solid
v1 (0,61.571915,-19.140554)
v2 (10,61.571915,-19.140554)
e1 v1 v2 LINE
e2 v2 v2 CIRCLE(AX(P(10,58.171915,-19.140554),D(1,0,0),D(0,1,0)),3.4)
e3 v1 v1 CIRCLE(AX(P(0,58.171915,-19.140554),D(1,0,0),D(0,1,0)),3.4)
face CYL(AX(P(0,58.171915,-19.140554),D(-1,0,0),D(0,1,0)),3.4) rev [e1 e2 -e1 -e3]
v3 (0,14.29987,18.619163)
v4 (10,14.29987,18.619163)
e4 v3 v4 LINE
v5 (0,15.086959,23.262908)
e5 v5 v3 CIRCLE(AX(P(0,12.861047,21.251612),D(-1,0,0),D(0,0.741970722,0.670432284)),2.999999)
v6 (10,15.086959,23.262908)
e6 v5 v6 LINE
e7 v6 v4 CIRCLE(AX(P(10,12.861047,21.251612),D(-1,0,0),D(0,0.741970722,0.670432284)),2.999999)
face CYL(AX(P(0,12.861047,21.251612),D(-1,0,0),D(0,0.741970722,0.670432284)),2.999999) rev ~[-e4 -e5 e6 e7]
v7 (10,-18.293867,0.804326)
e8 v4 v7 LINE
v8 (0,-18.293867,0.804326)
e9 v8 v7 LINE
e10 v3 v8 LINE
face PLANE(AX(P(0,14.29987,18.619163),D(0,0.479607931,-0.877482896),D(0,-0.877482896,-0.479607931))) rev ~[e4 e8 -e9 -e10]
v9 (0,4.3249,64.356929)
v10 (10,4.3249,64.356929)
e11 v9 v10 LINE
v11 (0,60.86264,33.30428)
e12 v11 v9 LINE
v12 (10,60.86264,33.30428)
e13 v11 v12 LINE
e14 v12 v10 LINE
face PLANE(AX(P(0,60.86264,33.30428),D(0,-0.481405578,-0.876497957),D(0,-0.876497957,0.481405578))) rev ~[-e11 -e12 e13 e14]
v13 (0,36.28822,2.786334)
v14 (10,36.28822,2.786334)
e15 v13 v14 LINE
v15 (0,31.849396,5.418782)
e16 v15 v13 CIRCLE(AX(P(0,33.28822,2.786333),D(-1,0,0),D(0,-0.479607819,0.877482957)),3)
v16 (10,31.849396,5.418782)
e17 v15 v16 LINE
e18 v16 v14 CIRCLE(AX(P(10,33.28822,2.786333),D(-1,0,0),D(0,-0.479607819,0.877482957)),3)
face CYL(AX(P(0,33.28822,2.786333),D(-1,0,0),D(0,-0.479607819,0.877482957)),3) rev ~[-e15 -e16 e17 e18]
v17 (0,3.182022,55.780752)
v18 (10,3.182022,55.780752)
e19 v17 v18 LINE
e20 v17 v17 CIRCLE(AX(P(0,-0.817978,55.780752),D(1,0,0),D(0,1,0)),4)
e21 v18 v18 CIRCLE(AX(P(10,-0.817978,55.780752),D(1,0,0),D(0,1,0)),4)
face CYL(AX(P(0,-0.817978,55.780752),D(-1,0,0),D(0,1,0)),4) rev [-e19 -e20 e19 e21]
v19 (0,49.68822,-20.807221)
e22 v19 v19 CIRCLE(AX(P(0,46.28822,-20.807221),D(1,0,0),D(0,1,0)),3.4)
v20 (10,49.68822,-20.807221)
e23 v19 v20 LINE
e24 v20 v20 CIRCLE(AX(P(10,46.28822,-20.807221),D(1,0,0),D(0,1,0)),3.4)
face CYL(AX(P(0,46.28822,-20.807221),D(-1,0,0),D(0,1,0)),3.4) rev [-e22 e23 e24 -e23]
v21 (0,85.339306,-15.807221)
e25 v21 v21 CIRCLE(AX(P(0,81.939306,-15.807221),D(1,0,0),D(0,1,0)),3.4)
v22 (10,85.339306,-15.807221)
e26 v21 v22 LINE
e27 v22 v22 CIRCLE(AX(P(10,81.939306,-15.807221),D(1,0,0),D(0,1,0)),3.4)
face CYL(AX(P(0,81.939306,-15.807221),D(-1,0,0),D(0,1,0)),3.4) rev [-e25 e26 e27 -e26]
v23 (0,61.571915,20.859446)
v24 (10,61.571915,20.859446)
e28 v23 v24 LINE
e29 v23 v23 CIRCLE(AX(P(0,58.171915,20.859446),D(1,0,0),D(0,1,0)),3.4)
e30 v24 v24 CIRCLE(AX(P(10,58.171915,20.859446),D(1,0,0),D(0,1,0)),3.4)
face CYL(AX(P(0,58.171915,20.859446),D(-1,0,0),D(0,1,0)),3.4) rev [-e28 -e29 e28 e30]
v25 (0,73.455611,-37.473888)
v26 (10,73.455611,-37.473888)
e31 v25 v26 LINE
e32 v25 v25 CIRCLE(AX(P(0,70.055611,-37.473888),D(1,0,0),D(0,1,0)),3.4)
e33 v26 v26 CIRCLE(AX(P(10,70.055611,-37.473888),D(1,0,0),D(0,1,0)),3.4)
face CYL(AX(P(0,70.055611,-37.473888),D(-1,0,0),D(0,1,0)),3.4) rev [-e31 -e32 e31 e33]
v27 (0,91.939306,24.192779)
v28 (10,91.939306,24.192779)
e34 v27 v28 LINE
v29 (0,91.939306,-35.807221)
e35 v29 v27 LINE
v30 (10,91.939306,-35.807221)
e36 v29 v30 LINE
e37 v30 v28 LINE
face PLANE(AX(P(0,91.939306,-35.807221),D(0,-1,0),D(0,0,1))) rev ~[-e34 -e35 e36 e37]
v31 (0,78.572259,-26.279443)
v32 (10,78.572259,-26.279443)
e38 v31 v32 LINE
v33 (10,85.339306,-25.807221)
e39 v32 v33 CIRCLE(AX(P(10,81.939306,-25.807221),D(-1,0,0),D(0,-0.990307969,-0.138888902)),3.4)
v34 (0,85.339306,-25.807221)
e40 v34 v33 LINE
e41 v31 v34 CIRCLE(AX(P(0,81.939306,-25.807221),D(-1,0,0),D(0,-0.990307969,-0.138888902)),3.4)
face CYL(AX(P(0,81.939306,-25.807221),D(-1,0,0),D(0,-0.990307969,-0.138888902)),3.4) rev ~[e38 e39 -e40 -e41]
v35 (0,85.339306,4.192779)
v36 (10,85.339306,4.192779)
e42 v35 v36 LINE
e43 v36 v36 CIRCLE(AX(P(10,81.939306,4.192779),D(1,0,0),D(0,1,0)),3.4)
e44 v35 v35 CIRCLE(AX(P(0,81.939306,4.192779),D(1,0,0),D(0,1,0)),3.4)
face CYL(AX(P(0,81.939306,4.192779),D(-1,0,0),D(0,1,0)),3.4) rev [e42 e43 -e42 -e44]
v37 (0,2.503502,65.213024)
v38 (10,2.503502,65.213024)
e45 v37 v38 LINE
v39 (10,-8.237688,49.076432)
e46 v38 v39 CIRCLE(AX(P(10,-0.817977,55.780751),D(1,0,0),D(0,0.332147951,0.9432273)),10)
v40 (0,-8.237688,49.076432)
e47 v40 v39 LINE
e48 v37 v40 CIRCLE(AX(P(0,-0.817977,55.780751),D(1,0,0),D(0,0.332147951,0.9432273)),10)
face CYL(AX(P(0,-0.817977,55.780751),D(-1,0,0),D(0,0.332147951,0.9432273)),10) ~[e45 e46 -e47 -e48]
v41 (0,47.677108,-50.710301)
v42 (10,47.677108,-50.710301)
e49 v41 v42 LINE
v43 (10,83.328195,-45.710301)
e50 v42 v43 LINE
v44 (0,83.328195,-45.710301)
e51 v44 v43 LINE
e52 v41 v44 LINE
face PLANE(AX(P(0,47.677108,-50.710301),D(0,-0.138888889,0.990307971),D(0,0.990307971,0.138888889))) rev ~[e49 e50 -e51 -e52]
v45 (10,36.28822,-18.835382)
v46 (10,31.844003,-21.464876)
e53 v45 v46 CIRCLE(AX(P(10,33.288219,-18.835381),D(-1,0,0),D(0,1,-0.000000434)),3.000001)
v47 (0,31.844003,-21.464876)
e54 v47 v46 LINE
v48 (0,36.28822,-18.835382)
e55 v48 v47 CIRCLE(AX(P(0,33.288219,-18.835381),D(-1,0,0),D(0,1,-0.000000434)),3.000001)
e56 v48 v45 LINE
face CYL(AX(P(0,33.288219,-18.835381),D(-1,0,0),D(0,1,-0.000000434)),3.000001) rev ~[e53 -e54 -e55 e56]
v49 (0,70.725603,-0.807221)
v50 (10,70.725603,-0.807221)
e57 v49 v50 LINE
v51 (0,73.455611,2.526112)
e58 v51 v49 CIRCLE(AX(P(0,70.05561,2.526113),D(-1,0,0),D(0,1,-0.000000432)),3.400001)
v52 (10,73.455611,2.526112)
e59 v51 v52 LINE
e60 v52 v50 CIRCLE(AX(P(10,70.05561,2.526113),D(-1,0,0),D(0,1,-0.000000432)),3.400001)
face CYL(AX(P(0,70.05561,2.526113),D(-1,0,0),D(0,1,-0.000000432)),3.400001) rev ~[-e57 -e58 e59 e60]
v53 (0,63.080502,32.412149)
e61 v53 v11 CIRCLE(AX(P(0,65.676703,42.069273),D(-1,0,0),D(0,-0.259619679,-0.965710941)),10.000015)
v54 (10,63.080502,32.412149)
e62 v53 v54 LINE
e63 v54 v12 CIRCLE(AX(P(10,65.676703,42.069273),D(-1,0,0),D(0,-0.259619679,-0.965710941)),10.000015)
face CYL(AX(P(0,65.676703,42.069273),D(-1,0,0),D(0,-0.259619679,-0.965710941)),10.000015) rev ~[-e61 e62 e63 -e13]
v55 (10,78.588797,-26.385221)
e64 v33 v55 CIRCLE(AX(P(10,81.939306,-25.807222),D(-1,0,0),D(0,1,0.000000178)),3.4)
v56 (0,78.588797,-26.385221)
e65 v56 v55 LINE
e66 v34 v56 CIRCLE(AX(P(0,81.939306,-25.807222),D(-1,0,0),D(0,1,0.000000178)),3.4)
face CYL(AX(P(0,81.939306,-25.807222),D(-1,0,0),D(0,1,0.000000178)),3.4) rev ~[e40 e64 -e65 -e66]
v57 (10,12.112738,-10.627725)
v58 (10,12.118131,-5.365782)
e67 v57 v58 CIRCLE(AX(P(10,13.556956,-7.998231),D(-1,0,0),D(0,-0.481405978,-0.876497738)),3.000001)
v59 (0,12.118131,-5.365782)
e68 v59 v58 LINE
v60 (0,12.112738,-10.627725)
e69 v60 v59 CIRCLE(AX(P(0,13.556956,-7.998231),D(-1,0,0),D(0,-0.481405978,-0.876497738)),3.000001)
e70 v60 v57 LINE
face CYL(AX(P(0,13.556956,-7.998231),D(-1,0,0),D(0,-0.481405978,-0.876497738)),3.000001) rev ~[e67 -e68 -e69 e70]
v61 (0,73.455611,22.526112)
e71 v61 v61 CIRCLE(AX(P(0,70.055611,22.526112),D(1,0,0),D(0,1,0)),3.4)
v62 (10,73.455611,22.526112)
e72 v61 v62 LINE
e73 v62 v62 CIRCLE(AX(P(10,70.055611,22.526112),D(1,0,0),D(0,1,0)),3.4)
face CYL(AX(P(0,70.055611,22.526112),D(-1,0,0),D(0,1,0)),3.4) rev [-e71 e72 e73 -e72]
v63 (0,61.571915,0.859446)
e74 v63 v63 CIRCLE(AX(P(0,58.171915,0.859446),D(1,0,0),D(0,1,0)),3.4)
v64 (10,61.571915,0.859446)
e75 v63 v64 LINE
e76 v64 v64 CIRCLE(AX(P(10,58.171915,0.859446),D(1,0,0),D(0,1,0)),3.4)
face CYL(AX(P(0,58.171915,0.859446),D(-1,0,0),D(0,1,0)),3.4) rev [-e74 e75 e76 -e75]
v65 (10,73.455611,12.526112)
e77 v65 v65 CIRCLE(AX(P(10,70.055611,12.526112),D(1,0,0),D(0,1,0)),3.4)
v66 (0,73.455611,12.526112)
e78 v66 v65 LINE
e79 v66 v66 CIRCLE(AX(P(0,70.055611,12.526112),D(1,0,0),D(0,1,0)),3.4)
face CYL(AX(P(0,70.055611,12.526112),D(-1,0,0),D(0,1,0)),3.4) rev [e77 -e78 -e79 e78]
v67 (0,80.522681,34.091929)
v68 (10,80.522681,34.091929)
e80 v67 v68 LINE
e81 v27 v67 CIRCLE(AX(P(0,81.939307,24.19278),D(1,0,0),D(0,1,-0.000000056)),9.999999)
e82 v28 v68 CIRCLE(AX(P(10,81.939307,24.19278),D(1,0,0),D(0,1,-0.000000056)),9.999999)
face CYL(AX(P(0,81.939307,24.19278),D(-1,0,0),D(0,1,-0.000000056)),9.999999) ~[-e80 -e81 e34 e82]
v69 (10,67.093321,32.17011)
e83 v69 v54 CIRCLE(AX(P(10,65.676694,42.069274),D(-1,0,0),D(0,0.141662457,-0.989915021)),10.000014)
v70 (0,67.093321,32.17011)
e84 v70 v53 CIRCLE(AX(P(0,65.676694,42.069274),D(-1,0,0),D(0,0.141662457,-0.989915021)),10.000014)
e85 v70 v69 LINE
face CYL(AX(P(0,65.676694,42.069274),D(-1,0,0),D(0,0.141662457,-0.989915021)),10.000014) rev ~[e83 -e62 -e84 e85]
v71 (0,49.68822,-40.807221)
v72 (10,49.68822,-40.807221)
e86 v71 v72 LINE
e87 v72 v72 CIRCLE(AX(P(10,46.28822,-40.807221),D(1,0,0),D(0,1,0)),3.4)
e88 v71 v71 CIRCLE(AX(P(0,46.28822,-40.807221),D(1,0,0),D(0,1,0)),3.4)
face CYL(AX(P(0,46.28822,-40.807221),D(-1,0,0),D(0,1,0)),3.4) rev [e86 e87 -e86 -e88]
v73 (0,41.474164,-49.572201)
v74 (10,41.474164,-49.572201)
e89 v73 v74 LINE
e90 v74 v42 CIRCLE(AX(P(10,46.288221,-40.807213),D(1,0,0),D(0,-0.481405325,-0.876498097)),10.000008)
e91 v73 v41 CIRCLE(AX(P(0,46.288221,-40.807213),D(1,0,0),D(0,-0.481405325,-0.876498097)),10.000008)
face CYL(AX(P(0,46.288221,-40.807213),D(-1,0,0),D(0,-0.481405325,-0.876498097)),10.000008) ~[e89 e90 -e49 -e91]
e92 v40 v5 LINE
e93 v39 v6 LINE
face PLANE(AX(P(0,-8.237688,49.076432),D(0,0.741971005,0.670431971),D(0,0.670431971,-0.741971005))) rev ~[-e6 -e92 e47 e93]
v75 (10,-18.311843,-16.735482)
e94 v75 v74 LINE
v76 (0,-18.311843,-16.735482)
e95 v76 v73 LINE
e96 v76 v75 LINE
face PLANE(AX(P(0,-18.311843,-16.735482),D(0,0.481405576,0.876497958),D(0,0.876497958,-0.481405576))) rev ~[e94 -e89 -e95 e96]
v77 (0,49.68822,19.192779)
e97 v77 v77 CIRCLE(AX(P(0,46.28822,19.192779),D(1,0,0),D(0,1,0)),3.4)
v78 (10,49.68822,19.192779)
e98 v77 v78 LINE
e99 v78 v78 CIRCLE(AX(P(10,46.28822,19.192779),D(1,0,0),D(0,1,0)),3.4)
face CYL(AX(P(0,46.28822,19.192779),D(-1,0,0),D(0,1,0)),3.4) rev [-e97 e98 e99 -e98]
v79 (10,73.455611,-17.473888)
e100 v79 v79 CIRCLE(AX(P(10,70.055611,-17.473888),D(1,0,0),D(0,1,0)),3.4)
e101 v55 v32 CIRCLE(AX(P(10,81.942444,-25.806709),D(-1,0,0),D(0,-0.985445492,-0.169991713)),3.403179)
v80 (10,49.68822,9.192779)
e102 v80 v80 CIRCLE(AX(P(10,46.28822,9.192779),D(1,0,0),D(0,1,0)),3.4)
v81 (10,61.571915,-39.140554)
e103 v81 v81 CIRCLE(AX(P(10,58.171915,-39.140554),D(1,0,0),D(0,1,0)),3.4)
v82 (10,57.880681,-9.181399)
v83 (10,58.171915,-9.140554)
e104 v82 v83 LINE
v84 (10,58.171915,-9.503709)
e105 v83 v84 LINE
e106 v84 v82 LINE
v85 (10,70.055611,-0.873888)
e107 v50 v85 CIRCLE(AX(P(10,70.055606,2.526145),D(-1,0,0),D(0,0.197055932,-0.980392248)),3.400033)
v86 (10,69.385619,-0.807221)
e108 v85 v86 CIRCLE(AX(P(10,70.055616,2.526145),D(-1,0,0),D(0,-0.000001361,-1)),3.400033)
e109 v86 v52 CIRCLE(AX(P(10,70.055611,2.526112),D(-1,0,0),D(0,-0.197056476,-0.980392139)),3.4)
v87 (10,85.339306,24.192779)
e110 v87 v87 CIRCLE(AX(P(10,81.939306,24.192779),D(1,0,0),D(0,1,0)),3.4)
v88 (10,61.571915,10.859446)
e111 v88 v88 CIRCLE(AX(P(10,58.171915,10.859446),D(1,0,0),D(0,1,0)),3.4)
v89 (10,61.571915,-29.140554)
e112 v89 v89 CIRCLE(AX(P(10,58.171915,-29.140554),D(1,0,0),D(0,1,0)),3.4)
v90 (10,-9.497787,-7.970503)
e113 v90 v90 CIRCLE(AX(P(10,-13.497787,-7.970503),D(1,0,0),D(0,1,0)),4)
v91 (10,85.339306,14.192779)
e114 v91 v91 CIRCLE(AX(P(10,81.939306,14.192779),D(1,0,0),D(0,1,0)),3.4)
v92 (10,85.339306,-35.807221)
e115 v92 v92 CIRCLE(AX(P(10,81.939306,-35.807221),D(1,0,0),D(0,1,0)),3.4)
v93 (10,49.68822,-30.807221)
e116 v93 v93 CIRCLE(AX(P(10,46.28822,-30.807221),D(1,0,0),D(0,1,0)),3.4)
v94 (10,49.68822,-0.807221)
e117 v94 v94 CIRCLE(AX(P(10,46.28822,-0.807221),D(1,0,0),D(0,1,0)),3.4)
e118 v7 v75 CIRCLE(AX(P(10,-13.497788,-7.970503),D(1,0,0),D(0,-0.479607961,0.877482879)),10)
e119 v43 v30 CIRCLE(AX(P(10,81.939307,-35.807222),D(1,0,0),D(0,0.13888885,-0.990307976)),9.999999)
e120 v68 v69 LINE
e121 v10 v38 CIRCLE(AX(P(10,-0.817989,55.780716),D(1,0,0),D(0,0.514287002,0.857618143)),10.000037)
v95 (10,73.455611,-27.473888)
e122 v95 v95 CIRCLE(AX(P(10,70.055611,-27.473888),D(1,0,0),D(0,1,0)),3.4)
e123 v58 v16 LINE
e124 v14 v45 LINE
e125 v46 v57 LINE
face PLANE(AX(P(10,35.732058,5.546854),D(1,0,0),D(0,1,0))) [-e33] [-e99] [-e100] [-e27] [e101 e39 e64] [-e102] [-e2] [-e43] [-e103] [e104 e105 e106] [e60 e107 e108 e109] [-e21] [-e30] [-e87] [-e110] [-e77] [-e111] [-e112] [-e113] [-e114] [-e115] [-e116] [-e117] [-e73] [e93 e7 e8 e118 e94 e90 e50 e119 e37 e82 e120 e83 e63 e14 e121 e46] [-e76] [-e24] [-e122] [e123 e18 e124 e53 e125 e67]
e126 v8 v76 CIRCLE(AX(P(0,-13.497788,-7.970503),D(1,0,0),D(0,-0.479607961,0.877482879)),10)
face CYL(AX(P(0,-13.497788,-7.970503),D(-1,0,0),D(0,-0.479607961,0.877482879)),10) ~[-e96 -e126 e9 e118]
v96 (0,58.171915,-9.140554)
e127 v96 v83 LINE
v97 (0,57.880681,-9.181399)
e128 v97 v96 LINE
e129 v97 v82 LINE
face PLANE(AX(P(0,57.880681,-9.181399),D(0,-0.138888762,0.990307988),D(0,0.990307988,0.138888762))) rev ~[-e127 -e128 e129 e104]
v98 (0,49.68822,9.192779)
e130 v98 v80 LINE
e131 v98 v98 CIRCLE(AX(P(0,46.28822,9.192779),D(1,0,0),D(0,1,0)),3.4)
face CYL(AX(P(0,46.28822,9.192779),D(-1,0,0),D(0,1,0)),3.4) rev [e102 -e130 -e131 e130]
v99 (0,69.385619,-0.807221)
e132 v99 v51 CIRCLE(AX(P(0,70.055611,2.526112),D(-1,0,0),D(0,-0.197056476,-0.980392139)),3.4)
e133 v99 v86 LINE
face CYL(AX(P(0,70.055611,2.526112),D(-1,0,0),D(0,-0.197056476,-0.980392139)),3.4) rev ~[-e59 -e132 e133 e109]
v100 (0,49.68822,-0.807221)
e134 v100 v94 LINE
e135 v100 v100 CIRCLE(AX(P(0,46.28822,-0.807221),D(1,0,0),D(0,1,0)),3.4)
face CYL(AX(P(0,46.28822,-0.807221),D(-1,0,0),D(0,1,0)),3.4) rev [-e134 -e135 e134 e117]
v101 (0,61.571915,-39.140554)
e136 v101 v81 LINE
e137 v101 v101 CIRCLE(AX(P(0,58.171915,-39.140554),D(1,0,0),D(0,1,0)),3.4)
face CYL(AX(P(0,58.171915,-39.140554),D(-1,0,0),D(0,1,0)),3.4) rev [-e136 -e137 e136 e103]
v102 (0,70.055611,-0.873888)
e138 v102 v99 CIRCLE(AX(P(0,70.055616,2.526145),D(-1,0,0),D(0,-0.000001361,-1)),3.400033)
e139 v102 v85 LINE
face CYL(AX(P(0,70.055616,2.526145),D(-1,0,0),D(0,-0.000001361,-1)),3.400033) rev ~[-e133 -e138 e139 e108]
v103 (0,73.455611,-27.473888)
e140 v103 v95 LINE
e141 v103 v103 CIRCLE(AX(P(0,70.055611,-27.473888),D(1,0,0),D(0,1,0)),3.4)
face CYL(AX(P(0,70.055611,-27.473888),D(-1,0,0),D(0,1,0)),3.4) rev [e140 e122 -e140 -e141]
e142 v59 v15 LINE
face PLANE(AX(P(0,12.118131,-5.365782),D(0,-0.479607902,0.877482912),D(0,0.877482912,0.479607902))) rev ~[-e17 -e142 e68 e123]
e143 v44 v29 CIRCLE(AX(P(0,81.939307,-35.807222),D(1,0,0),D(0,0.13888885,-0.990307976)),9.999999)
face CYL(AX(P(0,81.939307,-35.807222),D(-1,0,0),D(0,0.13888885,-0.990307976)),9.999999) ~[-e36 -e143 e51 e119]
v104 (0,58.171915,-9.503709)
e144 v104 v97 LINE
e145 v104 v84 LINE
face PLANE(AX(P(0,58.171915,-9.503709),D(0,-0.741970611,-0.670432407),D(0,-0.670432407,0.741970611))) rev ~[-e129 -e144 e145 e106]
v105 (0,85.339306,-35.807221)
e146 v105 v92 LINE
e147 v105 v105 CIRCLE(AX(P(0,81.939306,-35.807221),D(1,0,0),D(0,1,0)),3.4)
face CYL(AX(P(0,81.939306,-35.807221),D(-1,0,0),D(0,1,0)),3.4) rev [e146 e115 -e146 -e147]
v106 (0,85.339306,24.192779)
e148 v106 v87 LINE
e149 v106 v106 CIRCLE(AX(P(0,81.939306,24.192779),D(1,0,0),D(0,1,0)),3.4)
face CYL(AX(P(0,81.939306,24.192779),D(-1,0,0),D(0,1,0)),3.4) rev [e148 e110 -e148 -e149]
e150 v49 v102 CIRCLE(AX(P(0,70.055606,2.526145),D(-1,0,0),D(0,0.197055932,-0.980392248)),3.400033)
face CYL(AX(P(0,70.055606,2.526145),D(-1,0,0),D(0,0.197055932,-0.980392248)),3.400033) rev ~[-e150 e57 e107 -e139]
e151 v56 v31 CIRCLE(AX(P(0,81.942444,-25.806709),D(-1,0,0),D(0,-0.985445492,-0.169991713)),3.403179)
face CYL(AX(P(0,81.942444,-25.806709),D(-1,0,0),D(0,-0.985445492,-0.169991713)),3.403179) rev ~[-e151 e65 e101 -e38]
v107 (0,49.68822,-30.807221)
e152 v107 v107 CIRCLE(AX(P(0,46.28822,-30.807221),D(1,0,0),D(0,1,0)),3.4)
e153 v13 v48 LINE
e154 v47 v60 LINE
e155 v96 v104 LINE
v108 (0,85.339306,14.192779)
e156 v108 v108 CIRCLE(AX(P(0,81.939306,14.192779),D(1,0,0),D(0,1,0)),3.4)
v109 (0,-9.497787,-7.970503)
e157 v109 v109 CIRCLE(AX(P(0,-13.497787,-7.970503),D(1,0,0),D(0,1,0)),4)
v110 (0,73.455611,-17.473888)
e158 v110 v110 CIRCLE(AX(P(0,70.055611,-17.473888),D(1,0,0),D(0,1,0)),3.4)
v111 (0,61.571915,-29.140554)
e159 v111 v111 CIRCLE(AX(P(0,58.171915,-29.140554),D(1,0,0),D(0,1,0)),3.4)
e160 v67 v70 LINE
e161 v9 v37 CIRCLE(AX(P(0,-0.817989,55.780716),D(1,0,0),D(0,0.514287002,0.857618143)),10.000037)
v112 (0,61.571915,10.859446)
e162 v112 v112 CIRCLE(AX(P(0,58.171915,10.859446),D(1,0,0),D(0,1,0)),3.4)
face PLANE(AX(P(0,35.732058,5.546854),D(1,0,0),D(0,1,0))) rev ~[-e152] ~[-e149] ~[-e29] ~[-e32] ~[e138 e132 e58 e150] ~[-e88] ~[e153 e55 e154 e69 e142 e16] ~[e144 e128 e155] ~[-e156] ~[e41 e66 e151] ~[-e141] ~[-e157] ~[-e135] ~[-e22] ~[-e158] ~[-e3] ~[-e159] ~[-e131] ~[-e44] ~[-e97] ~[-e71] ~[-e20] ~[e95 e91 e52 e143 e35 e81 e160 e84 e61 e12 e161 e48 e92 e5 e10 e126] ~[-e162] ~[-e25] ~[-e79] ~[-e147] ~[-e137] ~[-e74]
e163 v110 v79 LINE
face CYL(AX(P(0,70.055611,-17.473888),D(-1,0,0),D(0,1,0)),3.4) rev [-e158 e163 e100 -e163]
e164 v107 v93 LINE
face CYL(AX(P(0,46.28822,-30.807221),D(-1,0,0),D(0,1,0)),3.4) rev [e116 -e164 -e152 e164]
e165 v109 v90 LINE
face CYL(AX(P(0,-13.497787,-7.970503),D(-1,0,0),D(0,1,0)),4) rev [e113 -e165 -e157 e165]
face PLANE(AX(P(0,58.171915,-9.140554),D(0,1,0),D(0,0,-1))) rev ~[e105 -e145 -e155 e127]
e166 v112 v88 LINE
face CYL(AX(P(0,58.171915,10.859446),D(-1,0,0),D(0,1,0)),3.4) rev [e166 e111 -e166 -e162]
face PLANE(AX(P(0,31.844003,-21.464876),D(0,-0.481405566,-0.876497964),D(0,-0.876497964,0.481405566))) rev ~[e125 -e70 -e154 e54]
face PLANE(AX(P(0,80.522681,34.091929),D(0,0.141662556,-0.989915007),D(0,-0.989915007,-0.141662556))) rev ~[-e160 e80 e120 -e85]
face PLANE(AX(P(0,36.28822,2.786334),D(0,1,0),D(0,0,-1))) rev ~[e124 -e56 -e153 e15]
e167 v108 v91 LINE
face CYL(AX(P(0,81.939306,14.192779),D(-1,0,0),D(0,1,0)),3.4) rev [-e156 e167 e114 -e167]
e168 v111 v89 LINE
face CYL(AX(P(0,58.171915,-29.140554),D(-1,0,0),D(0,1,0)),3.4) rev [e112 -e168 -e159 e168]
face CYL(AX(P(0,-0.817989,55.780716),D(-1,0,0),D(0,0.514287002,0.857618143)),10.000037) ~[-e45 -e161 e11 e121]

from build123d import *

# Parameters (mm, degrees)
F0_R     = 4
F0_R_2   = 3.4
F1_DEPTH = 10


with BuildPart() as f1:
    # F0 (on Right) → F1 (new body)
    with BuildSketch(Plane.YZ):
        with BuildLine():
            Line((47.677108, -50.710301), (83.328195, -45.710301))
            ThreePointArc((83.328195, -45.710301), (89.485461, -42.368894), (91.939306, -35.807221))
            Line((91.939306, -35.807221), (91.939306, 24.192779))
            ThreePointArc((91.939306, 24.192779), (88.490403, 31.748117), (80.522681, 34.091929))
            Line((80.522681, 34.091929), (67.093321, 32.17011))
            ThreePointArc((67.093321, 32.17011), (65.074623, 32.087401), (63.080502, 32.412149))
            ThreePointArc((63.080502, 32.412149), (61.944816, 32.791702), (60.86264, 33.30428))
            Line((60.86264, 33.30428), (4.3249, 64.356929))
            ThreePointArc((4.3249, 64.356929), (3.435792, 64.830914), (2.503502, 65.213024))
            ThreePointArc((2.503502, 65.213024), (-9.142416, 61.321845), (-8.237688, 49.076432))
            Line((-8.237688, 49.076432), (15.086959, 23.262908))
            ThreePointArc((15.086959, 23.262908), (15.818861, 20.750279), (14.29987, 18.619163))
            Line((14.29987, 18.619163), (-18.293867, 0.804326))
            ThreePointArc((-18.293867, 0.804326), (-23.497782, -7.960254), (-18.311843, -16.735482))
            Line((-18.311843, -16.735482), (41.474164, -49.572201))
            ThreePointArc((41.474164, -49.572201), (44.48357, -50.643035), (47.677108, -50.710301))
        make_face()
        with Locations((-13.497787, -7.970503)):
            Circle(F0_R, mode=Mode.SUBTRACT)
        with BuildLine():
            ThreePointArc((31.849396, 5.418782), (34.818502, 5.366689), (36.28822, 2.786334))
            Line((36.28822, 2.786334), (36.28822, -18.835382))
            ThreePointArc((36.28822, -18.835382), (34.815857, -21.417304), (31.844003, -21.464876))
            Line((31.844003, -21.464876), (12.112738, -10.627725))
            ThreePointArc((12.112738, -10.627725), (10.556957, -7.995156), (12.118131, -5.365782))
            Line((12.118131, -5.365782), (31.849396, 5.418782))
        make_face(mode=Mode.SUBTRACT)
        with Locations((46.28822, -40.807221)):
            Circle(F0_R_2, mode=Mode.SUBTRACT)
        with Locations((58.171915, -39.140554)):
            Circle(F0_R_2, mode=Mode.SUBTRACT)
        with Locations((70.055611, -37.473888)):
            Circle(F0_R_2, mode=Mode.SUBTRACT)
        with Locations((46.28822, -30.807221)):
            Circle(F0_R_2, mode=Mode.SUBTRACT)
        with Locations((58.171915, -29.140554)):
            Circle(F0_R_2, mode=Mode.SUBTRACT)
        with Locations((70.055611, -27.473888)):
            Circle(F0_R_2, mode=Mode.SUBTRACT)
        with Locations((81.939306, -35.807221)):
            Circle(F0_R_2, mode=Mode.SUBTRACT)
        with BuildLine():
            ThreePointArc((78.588797, -26.385221), (78.580112, -26.332397), (78.572259, -26.279443))
            ThreePointArc((78.572259, -26.279443), (81.702621, -22.415469), (85.339306, -25.807221))
            ThreePointArc((85.339306, -25.807221), (82.229364, -29.194826), (78.588797, -26.385221))
        make_face(mode=Mode.SUBTRACT)
        with Locations((46.28822, -20.807221)):
            Circle(F0_R_2, mode=Mode.SUBTRACT)
        with Locations((58.171915, -19.140554)):
            Circle(F0_R_2, mode=Mode.SUBTRACT)
        Polygon((58.171915, -9.503709), (57.880681, -9.181399), (58.171915, -9.140554), align=None, mode=Mode.SUBTRACT)
        with Locations((70.055611, -17.473888)):
            Circle(F0_R_2, mode=Mode.SUBTRACT)
        with Locations((46.28822, -0.807221)):
            Circle(F0_R_2, mode=Mode.SUBTRACT)
        with Locations((58.171915, 0.859446)):
            Circle(F0_R_2, mode=Mode.SUBTRACT)
        with BuildLine():
            ThreePointArc((70.725603, -0.807221), (70.392261, -0.85718), (70.055611, -0.873888))
            ThreePointArc((70.055611, -0.873888), (69.718961, -0.85718), (69.385619, -0.807221))
            ThreePointArc((69.385619, -0.807221), (67.90131, 5.156509), (73.455611, 2.526112))
            ThreePointArc((73.455611, 2.526112), (72.686007, 0.371811), (70.725603, -0.807221))
        make_face(mode=Mode.SUBTRACT)
        with Locations((81.939306, -15.807221)):
            Circle(F0_R_2, mode=Mode.SUBTRACT)
        with Locations((81.939306, 4.192779)):
            Circle(F0_R_2, mode=Mode.SUBTRACT)
        with Locations((-0.817978, 55.780752)):
            Circle(F0_R, mode=Mode.SUBTRACT)
        with Locations((46.28822, 9.192779)):
            Circle(F0_R_2, mode=Mode.SUBTRACT)
        with Locations((58.171915, 10.859446)):
            Circle(F0_R_2, mode=Mode.SUBTRACT)
        with Locations((46.28822, 19.192779)):
            Circle(F0_R_2, mode=Mode.SUBTRACT)
        with Locations((58.171915, 20.859446)):
            Circle(F0_R_2, mode=Mode.SUBTRACT)
        with Locations((70.055611, 12.526112)):
            Circle(F0_R_2, mode=Mode.SUBTRACT)
        with Locations((70.055611, 22.526112)):
            Circle(F0_R_2, mode=Mode.SUBTRACT)
        with Locations((81.939306, 14.192779)):
            Circle(F0_R_2, mode=Mode.SUBTRACT)
        with Locations((81.939306, 24.192779)):
            Circle(F0_R_2, mode=Mode.SUBTRACT)
    extrude(amount=F1_DEPTH)


solid = f1.part
